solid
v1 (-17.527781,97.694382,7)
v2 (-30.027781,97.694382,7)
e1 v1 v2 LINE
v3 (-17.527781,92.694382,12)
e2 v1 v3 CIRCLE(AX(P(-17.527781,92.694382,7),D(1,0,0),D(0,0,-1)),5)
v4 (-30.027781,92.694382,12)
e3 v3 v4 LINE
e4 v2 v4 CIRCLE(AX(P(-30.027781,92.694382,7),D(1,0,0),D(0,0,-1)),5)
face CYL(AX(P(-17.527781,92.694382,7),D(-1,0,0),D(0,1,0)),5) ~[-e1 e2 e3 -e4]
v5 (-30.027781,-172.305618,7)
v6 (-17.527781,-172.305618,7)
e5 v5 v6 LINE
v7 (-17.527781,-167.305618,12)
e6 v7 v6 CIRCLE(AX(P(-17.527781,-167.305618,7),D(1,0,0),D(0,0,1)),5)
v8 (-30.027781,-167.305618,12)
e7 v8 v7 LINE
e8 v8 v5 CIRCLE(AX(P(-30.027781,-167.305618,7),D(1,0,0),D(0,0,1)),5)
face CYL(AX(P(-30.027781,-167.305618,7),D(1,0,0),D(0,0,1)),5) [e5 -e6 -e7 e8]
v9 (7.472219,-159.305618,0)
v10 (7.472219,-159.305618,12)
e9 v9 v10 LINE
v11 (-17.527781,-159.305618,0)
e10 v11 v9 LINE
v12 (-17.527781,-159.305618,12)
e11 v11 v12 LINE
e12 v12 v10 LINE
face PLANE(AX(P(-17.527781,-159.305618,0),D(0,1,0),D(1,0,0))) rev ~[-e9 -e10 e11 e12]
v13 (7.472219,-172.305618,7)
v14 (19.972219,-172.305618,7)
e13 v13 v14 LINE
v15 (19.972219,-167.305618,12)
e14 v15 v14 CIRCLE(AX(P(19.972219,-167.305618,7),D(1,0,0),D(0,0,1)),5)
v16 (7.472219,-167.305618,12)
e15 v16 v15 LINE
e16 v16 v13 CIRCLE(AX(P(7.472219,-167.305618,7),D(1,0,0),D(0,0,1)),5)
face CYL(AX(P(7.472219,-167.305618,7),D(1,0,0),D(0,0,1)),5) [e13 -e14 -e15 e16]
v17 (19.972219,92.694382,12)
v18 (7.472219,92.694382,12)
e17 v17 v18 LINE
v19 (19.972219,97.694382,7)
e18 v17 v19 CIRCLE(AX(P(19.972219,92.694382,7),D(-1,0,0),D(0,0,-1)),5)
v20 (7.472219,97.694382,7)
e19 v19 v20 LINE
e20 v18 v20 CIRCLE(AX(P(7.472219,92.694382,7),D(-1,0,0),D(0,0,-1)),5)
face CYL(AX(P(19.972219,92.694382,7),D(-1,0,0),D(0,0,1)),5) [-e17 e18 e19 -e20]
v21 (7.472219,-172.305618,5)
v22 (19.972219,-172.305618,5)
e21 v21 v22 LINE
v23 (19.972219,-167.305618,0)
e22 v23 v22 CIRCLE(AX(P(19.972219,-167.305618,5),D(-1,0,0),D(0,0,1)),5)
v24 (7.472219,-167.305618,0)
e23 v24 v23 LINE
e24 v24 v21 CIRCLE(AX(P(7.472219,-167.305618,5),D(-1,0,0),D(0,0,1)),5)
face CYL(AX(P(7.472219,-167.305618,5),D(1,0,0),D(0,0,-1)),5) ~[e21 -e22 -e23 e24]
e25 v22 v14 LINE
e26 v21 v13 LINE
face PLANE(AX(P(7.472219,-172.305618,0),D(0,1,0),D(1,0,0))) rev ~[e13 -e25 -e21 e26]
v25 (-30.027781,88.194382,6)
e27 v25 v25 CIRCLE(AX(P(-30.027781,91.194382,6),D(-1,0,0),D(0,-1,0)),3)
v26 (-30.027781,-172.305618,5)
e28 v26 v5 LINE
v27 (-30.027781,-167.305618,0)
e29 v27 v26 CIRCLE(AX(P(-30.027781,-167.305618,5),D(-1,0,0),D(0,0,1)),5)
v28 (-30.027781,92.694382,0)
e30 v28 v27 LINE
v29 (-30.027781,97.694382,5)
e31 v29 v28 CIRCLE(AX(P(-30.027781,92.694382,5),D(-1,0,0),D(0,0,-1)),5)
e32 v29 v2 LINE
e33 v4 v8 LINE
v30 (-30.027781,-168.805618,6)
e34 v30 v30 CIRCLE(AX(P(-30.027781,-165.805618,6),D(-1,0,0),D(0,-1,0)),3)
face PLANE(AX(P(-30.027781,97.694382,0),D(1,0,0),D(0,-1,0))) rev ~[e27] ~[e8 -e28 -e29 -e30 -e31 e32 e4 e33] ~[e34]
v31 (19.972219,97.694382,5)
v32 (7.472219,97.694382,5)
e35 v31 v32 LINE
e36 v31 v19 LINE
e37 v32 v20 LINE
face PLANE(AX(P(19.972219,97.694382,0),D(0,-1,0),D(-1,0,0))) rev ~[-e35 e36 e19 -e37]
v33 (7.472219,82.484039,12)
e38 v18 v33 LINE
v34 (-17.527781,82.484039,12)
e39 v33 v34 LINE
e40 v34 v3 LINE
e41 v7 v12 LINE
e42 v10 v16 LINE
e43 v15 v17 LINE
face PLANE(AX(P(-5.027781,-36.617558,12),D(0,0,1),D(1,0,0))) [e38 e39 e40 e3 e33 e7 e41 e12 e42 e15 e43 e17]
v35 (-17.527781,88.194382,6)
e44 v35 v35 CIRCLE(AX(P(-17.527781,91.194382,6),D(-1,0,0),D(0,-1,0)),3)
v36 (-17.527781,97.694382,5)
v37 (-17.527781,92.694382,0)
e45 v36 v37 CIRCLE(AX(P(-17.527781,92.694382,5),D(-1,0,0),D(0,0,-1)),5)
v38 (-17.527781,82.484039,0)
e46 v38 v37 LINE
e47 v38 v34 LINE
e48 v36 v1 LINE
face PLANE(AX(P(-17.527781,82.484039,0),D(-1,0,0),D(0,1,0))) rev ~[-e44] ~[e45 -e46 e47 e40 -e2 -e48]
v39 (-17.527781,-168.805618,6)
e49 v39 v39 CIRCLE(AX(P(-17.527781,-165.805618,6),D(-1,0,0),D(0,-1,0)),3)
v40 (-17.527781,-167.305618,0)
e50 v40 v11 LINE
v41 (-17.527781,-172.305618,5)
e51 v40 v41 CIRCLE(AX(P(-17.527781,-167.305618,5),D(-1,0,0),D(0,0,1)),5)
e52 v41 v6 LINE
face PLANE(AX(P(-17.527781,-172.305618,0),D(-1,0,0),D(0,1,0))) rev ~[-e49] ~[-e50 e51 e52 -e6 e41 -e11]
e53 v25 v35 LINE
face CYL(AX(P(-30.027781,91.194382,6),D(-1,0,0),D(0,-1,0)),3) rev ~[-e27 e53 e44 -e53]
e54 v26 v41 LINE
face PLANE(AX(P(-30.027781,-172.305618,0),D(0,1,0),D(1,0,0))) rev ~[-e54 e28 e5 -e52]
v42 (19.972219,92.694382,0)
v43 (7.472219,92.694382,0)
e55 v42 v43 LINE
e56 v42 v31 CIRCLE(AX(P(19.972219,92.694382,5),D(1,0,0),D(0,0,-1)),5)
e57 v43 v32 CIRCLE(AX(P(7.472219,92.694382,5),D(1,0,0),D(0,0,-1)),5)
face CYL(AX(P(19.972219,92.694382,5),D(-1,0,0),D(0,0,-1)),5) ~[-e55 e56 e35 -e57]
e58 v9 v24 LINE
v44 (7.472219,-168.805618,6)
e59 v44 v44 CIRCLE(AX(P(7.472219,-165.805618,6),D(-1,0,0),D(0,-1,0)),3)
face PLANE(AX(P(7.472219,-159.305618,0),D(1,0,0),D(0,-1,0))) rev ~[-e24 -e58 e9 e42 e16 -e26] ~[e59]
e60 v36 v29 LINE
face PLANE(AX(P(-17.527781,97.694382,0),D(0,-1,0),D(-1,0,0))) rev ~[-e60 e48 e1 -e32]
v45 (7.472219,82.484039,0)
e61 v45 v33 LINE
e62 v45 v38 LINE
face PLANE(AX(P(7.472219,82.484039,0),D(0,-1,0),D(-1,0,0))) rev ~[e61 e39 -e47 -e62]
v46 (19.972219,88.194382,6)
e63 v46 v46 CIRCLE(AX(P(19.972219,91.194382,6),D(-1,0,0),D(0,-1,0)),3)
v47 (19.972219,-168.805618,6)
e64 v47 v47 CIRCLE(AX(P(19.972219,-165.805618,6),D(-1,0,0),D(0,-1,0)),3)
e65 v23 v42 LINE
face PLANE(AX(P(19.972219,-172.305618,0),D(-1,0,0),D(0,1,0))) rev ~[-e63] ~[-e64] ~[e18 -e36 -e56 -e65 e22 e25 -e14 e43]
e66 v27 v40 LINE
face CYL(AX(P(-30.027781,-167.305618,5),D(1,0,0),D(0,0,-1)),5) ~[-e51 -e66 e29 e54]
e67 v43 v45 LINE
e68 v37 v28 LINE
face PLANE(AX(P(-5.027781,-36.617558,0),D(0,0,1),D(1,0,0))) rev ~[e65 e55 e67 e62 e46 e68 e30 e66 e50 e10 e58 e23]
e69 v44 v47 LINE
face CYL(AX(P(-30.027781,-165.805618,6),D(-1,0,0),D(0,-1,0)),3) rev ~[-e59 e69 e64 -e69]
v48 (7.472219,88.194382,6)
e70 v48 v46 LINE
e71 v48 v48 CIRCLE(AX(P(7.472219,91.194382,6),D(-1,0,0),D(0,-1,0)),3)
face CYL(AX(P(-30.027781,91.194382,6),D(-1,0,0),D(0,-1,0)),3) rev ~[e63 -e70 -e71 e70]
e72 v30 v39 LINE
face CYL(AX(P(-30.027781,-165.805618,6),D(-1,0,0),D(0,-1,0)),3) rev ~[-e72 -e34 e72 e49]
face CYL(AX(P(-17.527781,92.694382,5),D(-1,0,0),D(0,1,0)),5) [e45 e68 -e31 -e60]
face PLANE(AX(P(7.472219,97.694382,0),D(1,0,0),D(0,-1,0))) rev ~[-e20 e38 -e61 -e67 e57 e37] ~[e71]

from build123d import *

# Parameters (mm, degrees)
F1_DEPTH = 12
F2_R     = 3
F3_DEPTH = 50.001
F4_R     = 5


with BuildPart() as f1:
    # F0 (on Top) → F1 (new body)
    with BuildSketch(Plane.XY):
        Polygon((-17.527781, 97.694382), (-30.027781, 97.694382), (-30.027781, -172.305618), (-17.527781, -172.305618), (-17.527781, -159.305618), (7.472219, -159.305618), (7.472219, -172.305618), (19.972219, -172.305618), (19.972219, 97.694382), (7.472219, 97.694382), (7.472219, 82.484039), (-17.527781, 82.484039), align=None)
    extrude(amount=F1_DEPTH)

    # F2 (on face) → F3 (cut, through all)
    with BuildSketch(Plane(origin=(-30.027781, 0, 0), x_dir=(0, -1, 0), z_dir=(-1, 0, 0))):
        with Locations((-91.194382, 6)):
            Circle(F2_R)
        with Locations((165.805618, 6)):
            Circle(F2_R)
    extrude(amount=-F3_DEPTH, mode=Mode.SUBTRACT)

    # F4
    f4_edges = [f1.edges().sort_by_distance(p)[0] for p in [
        (-23.777781, 97.694382, 12),
        (-23.777781, 97.694382, 0),
        (13.722219, 97.694382, 12),
        (13.722219, 97.694382, 0),
        (-23.777781, -172.305618, 12),
        (13.722219, -172.305618, 12),
        (-23.777781, -172.305618, 0),
        (13.722219, -172.305618, 0),
    ]]
    fillet(f4_edges, radius=F4_R)


solid = f1.part
